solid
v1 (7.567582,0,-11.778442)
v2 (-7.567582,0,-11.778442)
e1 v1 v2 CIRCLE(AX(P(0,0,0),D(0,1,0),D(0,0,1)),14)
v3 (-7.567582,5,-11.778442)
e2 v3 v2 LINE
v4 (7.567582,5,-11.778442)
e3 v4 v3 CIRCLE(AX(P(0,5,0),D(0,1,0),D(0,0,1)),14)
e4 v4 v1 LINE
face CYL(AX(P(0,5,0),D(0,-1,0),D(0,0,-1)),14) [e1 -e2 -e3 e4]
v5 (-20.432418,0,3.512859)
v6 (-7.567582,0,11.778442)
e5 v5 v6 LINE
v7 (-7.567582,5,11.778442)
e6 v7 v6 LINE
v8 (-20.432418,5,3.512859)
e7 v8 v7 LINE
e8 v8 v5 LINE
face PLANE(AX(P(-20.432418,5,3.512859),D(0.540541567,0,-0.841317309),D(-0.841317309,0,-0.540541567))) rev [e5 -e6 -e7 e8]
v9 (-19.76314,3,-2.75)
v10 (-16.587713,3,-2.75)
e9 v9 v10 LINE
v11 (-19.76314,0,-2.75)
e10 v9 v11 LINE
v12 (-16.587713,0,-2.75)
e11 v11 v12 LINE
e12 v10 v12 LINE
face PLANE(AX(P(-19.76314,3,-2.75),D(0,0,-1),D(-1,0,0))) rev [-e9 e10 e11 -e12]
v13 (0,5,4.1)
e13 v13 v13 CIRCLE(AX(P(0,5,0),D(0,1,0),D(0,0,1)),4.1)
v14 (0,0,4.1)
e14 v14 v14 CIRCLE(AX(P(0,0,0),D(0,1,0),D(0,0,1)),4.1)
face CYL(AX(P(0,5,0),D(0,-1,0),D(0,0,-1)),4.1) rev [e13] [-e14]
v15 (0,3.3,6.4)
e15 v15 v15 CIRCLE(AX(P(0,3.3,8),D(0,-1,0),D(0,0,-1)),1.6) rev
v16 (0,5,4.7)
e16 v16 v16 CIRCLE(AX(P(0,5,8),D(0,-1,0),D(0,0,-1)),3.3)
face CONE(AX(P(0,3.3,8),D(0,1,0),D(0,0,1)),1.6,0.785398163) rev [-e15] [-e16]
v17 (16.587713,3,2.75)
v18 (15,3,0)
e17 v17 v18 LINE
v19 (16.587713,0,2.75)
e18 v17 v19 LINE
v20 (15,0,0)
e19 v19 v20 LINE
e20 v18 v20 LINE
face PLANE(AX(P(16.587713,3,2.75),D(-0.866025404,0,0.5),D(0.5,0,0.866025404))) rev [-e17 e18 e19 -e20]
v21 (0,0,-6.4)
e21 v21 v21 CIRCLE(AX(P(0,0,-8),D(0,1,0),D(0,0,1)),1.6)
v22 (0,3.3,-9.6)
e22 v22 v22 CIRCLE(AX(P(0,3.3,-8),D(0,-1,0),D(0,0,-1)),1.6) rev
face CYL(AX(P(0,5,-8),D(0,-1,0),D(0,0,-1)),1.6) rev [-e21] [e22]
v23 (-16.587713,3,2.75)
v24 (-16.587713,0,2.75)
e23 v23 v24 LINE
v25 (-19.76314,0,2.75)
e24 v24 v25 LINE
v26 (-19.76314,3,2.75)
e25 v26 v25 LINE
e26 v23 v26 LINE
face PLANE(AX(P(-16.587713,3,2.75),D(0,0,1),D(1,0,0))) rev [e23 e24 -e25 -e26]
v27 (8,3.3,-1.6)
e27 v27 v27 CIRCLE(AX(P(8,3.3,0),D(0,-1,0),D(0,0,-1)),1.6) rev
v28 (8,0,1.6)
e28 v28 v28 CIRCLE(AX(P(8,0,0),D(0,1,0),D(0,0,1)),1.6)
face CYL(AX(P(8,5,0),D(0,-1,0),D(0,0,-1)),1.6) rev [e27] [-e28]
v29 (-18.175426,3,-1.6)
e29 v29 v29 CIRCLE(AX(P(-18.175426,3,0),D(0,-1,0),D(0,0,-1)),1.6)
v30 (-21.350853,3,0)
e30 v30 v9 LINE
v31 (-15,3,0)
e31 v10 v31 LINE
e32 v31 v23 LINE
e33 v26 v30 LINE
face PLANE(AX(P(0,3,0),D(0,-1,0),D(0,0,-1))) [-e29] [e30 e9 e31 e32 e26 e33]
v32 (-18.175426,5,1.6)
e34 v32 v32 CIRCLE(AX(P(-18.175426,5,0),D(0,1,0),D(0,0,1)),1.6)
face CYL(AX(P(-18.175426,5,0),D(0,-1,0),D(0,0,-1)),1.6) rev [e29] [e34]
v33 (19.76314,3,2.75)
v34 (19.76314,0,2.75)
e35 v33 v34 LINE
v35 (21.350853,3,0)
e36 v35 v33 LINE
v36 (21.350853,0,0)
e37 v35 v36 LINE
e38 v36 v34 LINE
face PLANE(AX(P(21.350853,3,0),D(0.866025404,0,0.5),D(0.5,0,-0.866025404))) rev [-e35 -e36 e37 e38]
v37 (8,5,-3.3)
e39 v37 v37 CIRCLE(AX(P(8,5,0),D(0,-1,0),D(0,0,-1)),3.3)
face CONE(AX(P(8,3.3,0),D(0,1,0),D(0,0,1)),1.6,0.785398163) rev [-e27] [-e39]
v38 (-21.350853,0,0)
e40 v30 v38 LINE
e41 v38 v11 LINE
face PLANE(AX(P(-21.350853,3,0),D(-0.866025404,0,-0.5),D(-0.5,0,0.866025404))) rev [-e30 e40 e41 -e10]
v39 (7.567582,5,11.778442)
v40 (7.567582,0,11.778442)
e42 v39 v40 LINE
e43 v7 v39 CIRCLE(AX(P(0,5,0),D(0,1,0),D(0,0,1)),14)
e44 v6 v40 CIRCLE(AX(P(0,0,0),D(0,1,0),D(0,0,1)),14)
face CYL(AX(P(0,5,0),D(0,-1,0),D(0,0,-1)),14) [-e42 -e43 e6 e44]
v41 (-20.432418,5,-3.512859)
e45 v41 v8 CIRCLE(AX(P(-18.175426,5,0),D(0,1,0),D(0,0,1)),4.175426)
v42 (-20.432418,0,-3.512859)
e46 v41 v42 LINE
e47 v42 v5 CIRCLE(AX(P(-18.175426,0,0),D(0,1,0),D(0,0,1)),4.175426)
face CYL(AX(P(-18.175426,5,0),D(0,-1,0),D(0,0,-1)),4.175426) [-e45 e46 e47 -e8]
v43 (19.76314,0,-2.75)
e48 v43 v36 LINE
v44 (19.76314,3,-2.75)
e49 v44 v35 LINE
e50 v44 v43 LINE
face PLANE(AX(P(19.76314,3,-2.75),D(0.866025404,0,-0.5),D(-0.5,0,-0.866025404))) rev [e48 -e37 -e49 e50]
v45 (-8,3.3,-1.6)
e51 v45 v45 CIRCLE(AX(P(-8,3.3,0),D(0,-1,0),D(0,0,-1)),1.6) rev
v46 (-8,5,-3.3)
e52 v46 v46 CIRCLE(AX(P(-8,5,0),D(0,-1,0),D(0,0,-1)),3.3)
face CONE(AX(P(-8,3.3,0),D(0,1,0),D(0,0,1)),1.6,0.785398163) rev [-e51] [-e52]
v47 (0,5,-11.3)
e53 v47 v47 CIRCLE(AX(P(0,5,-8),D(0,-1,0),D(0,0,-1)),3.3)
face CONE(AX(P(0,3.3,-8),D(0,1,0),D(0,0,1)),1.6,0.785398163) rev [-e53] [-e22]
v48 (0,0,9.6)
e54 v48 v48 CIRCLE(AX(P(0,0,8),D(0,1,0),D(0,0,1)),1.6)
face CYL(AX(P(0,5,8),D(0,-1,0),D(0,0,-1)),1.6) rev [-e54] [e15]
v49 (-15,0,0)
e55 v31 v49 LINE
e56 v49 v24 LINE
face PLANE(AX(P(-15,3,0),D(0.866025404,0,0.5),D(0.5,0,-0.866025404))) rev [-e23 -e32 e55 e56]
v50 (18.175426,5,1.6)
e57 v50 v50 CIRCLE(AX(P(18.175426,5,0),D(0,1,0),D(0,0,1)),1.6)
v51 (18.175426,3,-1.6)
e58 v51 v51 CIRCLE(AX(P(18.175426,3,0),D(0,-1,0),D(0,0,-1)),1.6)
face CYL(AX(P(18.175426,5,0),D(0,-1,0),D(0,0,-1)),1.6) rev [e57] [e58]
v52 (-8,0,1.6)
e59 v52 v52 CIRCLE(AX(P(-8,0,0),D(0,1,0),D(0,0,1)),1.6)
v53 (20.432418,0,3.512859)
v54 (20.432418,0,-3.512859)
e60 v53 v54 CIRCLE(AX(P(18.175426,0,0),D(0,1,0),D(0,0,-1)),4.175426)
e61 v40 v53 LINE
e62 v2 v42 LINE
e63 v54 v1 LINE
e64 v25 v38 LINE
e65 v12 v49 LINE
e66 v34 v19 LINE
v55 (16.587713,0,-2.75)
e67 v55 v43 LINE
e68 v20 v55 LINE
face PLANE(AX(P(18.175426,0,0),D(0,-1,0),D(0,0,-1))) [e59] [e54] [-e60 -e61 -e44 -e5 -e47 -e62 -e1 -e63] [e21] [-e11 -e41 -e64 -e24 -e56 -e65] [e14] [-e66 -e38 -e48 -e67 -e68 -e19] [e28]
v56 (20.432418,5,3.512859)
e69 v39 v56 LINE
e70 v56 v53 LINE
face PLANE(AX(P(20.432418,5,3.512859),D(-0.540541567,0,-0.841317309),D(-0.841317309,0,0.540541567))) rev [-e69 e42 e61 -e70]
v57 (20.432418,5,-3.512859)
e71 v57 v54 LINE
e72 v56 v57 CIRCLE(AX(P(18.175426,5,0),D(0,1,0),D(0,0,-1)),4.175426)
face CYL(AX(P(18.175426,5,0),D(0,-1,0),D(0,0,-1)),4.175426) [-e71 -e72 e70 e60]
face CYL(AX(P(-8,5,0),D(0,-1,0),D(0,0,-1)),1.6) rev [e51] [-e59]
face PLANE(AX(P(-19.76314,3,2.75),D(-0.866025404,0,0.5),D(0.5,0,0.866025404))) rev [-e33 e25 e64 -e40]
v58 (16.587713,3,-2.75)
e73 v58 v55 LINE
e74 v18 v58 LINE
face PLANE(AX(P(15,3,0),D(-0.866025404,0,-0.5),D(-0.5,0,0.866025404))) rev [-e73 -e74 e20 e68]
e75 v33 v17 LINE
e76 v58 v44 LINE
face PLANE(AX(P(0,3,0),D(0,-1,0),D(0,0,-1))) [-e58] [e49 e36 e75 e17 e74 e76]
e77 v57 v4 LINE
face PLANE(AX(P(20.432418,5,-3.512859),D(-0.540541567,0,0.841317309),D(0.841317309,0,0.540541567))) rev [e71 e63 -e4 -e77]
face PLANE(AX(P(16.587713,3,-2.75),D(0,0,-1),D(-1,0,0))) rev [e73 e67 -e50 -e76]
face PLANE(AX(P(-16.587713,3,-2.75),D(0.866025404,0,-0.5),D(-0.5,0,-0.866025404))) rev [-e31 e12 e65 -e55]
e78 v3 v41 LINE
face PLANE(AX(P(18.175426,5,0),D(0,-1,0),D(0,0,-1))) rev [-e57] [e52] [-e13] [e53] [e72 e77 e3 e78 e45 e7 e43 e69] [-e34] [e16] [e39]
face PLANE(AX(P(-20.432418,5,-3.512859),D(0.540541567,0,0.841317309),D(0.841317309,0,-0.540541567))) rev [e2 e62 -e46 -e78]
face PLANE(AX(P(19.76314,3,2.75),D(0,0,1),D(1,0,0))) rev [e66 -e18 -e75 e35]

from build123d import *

# Parameters (mm, degrees)
SKETCH1_R           = 4.1
SKETCH1_R_2         = 1.6
BOSS_EXTRUDE1_DEPTH = 5
CHAMFER1_SIZE       = 1.7
CUT_EXTRUDE1_DEPTH  = 3


with BuildPart() as part:
    # Sketch1 → Boss-Extrude1 (new body)
    with BuildSketch(Plane(origin=(0, 0, 0), x_dir=(1, 0, 0), z_dir=(0, 1, 0))):
        with BuildLine():
            Line((-20.432418055, 3.512858569), (-7.567581945, 11.778442321))
            ThreePointArc((-7.567581945, 11.778442321), (0, 14), (7.567581945, 11.778442321))
            Line((7.567581945, 11.778442321), (20.432418055, 3.512858569))
            ThreePointArc((20.432418055, 3.512858569), (22.350852961, 0), (20.432418055, -3.512858569))
            Line((20.432418055, -3.512858569), (7.567581945, -11.778442321))
            ThreePointArc((7.567581945, -11.778442321), (0, -14), (-7.567581945, -11.778442321))
            Line((-7.567581945, -11.778442321), (-20.432418055, -3.512858569))
            ThreePointArc((-20.432418055, -3.512858569), (-22.350852961, 0), (-20.432418055, 3.512858569))
        make_face()
        with Locations(Location((0, 0, 0), (0, 0, 270))):
            Circle(SKETCH1_R, mode=Mode.SUBTRACT)
        with Locations(Location((-18.175426481, 0, 0), (0, 0, 270))):
            Circle(SKETCH1_R_2, mode=Mode.SUBTRACT)
        with Locations(Location((18.175426481, 0, 0), (0, 0, 270))):
            Circle(SKETCH1_R_2, mode=Mode.SUBTRACT)
        with Locations(Location((0, 8, 0), (0, 0, 270))):
            Circle(SKETCH1_R_2, mode=Mode.SUBTRACT)
        with Locations(Location((8, 0, 0), (0, 0, 270))):
            Circle(SKETCH1_R_2, mode=Mode.SUBTRACT)
        with Locations(Location((0, -8, 0), (0, 0, 270))):
            Circle(SKETCH1_R_2, mode=Mode.SUBTRACT)
        with Locations(Location((-8, 0, 0), (0, 0, 270))):
            Circle(SKETCH1_R_2, mode=Mode.SUBTRACT)
    extrude(amount=BOSS_EXTRUDE1_DEPTH)

    # Chamfer1
    chamfer1_edges = [part.edges().sort_by_distance(p)[0] for p in [
        (0, 5, -9.6),
        (8, 5, -1.6),
        (0, 5, 6.4),
        (-8, 5, -1.6),
    ]]
    chamfer(chamfer1_edges, length=CHAMFER1_SIZE)

    # Sketch2 → Cut-Extrude1 (cut)
    with BuildSketch(Plane.XZ):
        Polygon((-15, 0), (-16.58771324, 2.75), (-19.763139721, 2.75), (-21.350852961, 0), (-19.763139721, -2.75), (-16.58771324, -2.75), align=None)
        Polygon((15, 0), (16.58771324, -2.75), (19.763139721, -2.75), (21.350852961, 0), (19.763139721, 2.75), (16.58771324, 2.75), align=None)
    extrude(amount=-CUT_EXTRUDE1_DEPTH, mode=Mode.SUBTRACT)


solid = part.part
